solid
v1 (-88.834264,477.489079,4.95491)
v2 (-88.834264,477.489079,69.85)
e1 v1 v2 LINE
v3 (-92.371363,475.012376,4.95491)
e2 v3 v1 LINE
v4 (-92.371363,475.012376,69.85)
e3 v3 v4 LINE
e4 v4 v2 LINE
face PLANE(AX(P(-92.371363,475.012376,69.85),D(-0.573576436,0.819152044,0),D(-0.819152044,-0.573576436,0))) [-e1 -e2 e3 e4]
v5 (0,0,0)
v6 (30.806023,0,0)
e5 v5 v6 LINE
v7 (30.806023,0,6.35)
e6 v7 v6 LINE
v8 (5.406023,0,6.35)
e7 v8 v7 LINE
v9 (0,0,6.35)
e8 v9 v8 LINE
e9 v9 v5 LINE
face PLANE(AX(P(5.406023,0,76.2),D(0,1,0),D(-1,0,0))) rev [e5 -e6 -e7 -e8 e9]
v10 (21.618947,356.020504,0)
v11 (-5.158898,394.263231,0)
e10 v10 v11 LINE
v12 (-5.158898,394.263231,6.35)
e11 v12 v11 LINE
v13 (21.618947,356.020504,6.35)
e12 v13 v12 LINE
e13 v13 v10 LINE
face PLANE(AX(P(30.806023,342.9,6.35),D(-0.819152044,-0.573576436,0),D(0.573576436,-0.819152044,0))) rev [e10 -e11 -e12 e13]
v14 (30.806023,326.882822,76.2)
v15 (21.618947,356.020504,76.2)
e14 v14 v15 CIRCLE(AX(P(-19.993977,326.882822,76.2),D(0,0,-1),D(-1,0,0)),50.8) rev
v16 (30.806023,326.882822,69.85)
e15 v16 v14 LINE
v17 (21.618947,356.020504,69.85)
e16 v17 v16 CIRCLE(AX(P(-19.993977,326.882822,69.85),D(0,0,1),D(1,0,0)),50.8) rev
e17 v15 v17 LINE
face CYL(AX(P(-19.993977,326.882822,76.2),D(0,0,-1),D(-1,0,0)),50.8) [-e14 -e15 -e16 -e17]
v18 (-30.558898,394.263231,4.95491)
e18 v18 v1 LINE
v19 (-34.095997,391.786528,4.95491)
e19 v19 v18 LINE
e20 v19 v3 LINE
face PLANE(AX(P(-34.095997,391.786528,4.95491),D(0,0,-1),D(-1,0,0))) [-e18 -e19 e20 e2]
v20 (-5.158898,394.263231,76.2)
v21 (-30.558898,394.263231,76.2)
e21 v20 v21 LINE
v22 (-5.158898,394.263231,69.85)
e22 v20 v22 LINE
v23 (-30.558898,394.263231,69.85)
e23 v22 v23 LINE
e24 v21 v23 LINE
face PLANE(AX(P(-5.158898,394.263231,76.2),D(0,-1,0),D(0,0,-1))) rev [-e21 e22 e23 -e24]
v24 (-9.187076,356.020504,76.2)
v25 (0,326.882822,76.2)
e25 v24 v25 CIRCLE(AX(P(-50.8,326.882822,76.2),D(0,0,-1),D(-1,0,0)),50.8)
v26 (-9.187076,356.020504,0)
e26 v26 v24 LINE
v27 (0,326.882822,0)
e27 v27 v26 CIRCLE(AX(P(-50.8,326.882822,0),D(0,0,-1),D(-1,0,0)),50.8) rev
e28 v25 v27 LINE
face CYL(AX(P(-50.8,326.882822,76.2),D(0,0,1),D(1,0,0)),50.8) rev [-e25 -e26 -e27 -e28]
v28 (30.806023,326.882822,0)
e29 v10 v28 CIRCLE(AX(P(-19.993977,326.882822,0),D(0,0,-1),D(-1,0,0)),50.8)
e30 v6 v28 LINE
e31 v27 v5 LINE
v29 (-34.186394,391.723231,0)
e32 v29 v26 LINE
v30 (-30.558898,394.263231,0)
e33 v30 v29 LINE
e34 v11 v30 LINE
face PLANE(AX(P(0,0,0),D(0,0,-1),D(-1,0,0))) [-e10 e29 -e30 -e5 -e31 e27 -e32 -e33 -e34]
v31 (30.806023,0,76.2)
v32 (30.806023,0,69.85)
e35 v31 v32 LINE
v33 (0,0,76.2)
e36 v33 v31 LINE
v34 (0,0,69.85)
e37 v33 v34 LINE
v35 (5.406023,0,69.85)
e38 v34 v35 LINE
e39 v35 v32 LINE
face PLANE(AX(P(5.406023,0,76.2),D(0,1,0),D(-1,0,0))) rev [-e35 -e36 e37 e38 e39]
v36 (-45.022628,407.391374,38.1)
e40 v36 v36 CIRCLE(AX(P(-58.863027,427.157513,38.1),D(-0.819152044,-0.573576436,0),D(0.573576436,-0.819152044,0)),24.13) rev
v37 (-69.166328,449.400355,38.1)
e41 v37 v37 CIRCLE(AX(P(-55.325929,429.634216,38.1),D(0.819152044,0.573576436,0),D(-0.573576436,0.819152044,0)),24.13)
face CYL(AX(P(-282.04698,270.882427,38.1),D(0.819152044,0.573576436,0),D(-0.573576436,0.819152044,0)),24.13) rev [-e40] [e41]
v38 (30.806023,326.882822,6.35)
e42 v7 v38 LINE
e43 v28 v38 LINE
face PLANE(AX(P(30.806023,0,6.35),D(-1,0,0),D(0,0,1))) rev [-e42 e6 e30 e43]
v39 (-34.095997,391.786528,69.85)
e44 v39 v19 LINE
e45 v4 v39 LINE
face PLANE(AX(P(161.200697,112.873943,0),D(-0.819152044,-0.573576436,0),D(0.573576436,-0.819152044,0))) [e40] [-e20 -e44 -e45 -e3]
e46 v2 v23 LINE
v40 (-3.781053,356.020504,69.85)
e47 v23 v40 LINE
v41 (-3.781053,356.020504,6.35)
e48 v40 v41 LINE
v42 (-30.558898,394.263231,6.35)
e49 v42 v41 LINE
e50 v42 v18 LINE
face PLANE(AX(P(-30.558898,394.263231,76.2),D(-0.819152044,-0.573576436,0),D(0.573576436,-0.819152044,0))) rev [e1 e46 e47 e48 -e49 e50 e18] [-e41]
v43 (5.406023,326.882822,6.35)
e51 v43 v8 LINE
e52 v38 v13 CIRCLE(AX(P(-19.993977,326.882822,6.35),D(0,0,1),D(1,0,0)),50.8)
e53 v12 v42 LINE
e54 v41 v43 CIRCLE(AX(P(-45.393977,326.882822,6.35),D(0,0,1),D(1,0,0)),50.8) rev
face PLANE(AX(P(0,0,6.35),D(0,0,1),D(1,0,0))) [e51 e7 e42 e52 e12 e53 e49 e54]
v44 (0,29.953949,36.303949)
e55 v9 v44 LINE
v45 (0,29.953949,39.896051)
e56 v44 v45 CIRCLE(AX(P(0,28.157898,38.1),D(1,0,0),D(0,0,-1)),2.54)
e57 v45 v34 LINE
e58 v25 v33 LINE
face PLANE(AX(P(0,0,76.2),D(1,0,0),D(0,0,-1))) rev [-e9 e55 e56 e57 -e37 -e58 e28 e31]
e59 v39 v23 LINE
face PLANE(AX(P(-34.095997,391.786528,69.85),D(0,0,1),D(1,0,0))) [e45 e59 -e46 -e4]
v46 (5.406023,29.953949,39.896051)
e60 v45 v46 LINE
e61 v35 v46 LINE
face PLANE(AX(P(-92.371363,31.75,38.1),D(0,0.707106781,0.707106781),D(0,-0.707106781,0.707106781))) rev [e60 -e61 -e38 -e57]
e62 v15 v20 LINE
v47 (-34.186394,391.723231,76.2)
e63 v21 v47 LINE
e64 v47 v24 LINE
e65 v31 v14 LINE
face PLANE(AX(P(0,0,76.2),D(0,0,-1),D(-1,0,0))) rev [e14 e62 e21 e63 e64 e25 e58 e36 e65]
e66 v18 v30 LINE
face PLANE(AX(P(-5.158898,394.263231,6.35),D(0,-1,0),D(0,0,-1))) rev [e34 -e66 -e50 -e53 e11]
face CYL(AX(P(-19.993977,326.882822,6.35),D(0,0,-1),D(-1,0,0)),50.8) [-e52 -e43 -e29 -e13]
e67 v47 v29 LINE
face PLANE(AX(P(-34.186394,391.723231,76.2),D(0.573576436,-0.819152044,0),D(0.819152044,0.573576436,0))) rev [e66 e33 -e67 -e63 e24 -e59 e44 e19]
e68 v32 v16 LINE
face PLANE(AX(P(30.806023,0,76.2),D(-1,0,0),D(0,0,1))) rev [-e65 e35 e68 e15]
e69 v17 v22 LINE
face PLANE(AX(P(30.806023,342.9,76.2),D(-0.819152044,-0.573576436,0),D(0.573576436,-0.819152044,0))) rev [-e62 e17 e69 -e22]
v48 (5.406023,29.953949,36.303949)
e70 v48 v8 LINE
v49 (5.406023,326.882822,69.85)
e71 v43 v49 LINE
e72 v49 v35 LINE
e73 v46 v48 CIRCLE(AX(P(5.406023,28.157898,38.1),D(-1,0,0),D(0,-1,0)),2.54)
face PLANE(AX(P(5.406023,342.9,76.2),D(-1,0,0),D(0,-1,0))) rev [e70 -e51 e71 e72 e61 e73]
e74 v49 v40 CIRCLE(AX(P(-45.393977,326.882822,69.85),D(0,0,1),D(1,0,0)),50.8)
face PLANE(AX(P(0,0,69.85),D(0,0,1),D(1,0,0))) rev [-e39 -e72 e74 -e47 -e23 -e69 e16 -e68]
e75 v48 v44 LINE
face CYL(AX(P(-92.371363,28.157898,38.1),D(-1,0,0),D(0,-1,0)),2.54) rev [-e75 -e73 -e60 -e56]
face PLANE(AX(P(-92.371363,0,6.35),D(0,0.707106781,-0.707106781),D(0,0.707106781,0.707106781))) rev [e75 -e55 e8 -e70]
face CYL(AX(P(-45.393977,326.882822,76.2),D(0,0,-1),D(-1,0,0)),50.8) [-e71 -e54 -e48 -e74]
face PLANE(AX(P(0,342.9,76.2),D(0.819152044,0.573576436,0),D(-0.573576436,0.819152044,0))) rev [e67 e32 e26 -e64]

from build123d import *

# Parameters (mm, degrees)
BOSS_EXTRUDE1_DEPTH     = 76.2
BOSS_EXTRUDE8_DEPTH     = 6.35
LPATTERN3_COUNT         = 2
LPATTERN3_PITCH         = 69.85
FILLET2_R               = 50.8
SKETCH12_W              = 64.895089707
SKETCH12_H              = 101.6
BOSS_EXTRUDE10_DEPTH    = 4.318
TOP_CIRCLE_CUT_REACH    = 278.774
SKETCH10_R              = 24.13
CUT_EXTRUDE2_DEPTH      = 26.4
CUT_EXTRUDE2_DEPTH_BACK = 98.777385928
FILLET3_R               = 2.54


with BuildPart() as part:
    # Sketch1 → Boss-Extrude1 (new body)
    with BuildSketch(Plane.XY):
        Polygon((0, 0), (0, 342.9), (-34.18639432, 391.723230906), (-30.558898383, 394.263230906), (-23.731659882, 384.51292385), (5.406023084, 342.9), (5.406023084, 0), align=None)
    extrude(amount=BOSS_EXTRUDE1_DEPTH)

    # Sketch9 → Boss-Extrude8 (add)
    with BuildSketch(Plane.XY):
        Polygon((5.406023084, 0), (30.806023084, 0), (30.806023084, 342.9), (-5.158898383, 394.263230906), (-30.558898383, 394.263230906), (5.406023084, 342.9), align=None)
    boss_extrude8 = extrude(amount=BOSS_EXTRUDE8_DEPTH)

    # LPattern3: Boss-Extrude8 ×2
    with Locations(*[(0, 0, i * LPATTERN3_PITCH) for i in range(1, LPATTERN3_COUNT)]):
        add(boss_extrude8)

    # Fillet2
    fillet2_edges = [part.edges().sort_by_distance(p)[0] for p in [
        (0, 342.9, 38.1),
        (30.806023084, 342.9, 3.175),
        (5.406023084, 342.9, 38.1),
        (30.806023084, 342.9, 73.025),
    ]]
    fillet(fillet2_edges, radius=FILLET2_R)

    # Sketch12 → Boss-Extrude10 (add)
    with BuildSketch(Plane(origin=(164.737795771, 115.350646427, 0), x_dir=(0, 0, -1), z_dir=(0.819152044, 0.573576436, 0))):
        with Locations((-37.402455147, 391.289395618)):
            Rectangle(SKETCH12_W, SKETCH12_H)
    extrude(amount=-BOSS_EXTRUDE10_DEPTH)

    # Sketch10 → Top Circle Cut (cut, up to next)
    with BuildSketch(Plane(origin=(164.737795771, 115.350646427, 0), x_dir=(0, 0, -1), z_dir=(0.819152044, 0.573576436, 0)), mode=Mode.PRIVATE) as top_circle_cut_sk1:
        with Locations((-38.1, 383.669395618)):
            Circle(SKETCH10_R)
    top_circle_cut_tool1 = extrude(top_circle_cut_sk1.sketch, amount=-TOP_CIRCLE_CUT_REACH, mode=Mode.PRIVATE) & part.part
    add(top_circle_cut_tool1.solids().sort_by_distance((-55.325929, 429.634216, 38.1))[0], mode=Mode.SUBTRACT)

    # Sketch13 → Cut-Extrude2 (cut, two sides)
    with BuildSketch(Plane(origin=(5.406023084, 0, 0), x_dir=(0, 0, -1), z_dir=(1, 0, 0))) as cut_extrude2_sk:
        Polygon((-38.1, 31.75), (-69.85, 0), (-6.35, 0), align=None)
    extrude(amount=CUT_EXTRUDE2_DEPTH, mode=Mode.SUBTRACT)
    extrude(cut_extrude2_sk.sketch, amount=-CUT_EXTRUDE2_DEPTH_BACK, mode=Mode.SUBTRACT)

    # Fillet3
    fillet3_edges = [part.edges().sort_by_distance(p)[0] for p in [
        (2.703011542, 31.75, 38.1),
    ]]
    fillet(fillet3_edges, radius=FILLET3_R)


solid = part.part
